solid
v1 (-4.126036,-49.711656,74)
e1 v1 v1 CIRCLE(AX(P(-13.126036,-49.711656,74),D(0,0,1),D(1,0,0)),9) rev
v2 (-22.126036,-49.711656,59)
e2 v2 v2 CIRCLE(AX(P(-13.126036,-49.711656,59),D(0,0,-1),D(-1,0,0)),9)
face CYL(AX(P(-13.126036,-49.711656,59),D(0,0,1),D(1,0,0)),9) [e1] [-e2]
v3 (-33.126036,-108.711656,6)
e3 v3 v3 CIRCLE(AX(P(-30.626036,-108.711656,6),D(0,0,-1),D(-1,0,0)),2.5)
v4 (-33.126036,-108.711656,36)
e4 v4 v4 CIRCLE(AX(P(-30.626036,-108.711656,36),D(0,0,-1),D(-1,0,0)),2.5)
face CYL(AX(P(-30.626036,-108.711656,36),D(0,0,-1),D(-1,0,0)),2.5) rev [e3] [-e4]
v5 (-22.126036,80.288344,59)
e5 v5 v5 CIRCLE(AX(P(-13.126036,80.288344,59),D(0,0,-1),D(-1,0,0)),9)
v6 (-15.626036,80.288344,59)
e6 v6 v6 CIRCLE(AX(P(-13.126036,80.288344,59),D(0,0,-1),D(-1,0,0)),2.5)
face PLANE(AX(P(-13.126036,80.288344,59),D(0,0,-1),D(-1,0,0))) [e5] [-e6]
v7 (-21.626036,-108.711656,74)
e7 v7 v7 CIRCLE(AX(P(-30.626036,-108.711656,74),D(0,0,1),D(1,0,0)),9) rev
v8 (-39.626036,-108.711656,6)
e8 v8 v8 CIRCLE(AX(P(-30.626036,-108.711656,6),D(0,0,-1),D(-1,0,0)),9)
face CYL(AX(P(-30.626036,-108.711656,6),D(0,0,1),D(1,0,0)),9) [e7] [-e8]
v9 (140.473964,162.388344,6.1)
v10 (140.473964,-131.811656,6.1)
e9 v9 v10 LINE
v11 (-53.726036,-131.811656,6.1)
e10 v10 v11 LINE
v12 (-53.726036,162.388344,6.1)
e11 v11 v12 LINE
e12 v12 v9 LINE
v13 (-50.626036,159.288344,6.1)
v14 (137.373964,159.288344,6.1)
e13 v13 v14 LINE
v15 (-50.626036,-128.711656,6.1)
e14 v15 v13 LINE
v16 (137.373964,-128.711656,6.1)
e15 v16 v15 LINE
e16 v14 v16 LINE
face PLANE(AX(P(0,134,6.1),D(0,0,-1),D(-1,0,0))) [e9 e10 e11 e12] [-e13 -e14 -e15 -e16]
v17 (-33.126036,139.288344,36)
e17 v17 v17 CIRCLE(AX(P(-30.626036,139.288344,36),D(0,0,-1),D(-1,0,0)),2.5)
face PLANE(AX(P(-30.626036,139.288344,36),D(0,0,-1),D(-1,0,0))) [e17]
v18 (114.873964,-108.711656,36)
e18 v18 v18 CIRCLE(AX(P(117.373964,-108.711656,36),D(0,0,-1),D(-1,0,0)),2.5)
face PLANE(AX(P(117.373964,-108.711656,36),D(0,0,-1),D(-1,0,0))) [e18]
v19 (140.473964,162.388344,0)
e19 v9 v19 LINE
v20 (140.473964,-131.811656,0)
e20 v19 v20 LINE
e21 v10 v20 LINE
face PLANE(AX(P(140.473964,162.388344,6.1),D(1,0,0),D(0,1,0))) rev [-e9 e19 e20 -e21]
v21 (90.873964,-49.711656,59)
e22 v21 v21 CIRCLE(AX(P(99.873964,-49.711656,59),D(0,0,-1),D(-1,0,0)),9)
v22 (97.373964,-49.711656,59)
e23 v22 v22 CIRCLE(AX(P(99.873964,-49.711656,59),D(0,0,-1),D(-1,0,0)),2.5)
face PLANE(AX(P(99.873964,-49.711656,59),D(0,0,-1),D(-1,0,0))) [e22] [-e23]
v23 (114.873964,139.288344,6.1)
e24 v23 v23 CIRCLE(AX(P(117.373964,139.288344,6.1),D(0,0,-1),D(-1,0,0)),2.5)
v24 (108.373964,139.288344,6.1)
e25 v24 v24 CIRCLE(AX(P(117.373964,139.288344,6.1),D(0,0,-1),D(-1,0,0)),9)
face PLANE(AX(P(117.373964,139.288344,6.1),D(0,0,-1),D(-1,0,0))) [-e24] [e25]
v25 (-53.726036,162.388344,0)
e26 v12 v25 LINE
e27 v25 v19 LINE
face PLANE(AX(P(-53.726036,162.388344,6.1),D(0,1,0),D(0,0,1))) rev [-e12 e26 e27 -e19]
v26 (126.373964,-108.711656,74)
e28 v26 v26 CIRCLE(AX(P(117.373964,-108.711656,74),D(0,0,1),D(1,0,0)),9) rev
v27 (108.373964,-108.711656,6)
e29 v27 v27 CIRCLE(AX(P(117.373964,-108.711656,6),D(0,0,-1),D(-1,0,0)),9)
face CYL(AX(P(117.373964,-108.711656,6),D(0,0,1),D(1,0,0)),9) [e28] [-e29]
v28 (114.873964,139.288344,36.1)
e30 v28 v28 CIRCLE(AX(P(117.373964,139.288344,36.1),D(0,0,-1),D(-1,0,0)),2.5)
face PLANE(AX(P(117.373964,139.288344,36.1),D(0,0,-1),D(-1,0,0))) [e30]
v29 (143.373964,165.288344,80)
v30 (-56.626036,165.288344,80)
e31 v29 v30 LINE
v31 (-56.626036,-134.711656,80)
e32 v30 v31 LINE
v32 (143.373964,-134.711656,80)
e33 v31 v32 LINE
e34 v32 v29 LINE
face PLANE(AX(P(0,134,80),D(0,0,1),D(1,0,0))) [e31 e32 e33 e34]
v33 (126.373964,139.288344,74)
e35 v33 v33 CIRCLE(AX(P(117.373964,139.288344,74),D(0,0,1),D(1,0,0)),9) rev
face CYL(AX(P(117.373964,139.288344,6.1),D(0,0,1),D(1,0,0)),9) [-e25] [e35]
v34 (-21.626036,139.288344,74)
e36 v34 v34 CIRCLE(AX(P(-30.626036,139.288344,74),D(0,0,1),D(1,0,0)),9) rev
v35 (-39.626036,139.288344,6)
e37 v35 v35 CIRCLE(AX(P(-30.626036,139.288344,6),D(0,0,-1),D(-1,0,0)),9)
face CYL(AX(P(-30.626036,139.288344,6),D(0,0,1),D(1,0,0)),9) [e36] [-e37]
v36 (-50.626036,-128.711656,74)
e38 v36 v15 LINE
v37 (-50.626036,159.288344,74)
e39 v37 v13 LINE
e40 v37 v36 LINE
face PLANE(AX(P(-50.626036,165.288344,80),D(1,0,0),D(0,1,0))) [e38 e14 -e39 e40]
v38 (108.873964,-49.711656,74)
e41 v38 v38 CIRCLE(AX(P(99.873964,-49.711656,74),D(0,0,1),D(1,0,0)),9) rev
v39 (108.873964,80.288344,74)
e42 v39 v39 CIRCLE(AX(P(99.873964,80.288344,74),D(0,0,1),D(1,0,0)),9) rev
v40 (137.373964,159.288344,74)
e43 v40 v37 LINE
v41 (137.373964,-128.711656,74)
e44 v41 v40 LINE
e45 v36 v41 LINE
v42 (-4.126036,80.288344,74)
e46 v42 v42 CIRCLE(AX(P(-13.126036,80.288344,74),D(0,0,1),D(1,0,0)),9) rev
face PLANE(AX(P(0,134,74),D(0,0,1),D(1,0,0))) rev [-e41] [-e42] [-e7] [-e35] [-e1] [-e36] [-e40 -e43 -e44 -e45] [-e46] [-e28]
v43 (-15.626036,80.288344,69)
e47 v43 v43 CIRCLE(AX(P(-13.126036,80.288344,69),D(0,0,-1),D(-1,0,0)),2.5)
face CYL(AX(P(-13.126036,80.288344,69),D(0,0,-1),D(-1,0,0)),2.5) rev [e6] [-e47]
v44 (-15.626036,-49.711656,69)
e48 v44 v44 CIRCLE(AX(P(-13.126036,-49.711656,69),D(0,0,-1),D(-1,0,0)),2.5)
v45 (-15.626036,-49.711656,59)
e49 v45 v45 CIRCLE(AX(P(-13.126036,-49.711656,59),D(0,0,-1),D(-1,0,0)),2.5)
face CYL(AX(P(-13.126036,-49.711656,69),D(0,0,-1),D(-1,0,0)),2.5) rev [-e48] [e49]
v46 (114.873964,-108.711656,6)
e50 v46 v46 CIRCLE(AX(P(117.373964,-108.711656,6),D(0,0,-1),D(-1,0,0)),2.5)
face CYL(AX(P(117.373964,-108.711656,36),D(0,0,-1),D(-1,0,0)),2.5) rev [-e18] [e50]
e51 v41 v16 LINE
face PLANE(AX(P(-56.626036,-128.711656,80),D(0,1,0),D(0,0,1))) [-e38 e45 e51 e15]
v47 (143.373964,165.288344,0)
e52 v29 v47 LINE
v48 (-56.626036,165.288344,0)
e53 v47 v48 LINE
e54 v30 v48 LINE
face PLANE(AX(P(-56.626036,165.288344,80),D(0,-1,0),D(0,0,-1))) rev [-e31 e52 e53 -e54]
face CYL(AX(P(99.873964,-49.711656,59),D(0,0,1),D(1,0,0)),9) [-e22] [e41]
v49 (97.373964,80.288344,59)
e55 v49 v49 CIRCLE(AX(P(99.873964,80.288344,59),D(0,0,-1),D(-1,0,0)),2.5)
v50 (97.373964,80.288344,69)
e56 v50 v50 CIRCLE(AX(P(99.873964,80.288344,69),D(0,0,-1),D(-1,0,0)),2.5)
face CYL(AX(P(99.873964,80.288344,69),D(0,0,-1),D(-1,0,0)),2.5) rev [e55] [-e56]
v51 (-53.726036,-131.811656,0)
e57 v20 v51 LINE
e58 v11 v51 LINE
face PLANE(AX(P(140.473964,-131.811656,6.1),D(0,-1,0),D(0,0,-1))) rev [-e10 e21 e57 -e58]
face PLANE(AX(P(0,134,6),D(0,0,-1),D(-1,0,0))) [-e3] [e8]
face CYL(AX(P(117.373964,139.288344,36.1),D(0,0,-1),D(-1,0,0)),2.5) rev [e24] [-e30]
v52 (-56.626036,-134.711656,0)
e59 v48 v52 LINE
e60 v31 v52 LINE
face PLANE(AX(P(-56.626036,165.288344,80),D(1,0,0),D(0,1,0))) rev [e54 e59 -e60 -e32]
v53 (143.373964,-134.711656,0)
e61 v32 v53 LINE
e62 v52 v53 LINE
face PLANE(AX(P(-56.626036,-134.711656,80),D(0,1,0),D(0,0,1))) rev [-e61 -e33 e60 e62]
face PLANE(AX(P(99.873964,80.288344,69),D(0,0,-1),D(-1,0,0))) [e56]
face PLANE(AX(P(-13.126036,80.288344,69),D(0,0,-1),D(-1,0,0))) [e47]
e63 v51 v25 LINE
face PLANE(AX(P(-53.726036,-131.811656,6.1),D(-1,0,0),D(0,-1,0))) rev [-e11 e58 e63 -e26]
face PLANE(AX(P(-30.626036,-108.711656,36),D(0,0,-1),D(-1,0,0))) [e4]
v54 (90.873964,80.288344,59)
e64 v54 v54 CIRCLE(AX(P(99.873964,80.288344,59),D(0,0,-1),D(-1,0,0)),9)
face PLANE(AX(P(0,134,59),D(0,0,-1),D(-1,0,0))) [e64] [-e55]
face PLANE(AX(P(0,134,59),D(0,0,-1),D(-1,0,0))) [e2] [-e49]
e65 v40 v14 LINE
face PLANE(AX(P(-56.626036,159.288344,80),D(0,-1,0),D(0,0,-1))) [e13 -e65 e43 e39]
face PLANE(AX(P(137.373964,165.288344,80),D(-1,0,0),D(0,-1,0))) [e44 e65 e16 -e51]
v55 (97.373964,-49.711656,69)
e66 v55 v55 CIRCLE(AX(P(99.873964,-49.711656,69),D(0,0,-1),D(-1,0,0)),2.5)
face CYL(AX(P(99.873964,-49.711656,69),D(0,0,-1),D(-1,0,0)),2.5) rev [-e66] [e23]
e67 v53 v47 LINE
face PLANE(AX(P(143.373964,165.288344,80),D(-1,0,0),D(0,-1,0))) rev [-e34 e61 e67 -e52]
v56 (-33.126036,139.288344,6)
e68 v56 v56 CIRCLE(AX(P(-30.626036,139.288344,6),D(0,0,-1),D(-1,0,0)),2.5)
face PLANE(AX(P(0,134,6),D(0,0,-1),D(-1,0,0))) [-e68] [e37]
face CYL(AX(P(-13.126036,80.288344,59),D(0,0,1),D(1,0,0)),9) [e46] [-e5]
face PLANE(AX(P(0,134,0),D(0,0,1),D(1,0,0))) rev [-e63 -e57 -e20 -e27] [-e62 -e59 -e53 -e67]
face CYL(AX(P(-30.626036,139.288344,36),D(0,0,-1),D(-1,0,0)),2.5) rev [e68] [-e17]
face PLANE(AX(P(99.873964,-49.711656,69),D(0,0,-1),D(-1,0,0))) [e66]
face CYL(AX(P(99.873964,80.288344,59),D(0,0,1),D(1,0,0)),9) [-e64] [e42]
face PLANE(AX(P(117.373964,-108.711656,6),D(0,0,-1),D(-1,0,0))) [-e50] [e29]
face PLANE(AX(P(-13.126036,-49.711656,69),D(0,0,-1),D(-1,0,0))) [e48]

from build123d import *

# Parameters (mm, degrees)
ESQUISSE1_W             = 200
ESQUISSE1_H             = 300
BOSS_EXTRU_1_DEPTH      = 80
COQUE1_T                = -6
ESQUISSE3_W             = 194.2
ESQUISSE3_H             = 294.2
ENL_V_MAT_EXTRU_2_DEPTH = 6.1
ESQUISSE4_R             = 9
BOSS_EXTRU_2_DEPTH      = 67.9
ESQUISSE5_R             = 2.5
ENL_V_MAT_EXTRU_3_DEPTH = 30
ESQUISSE4_4_R           = 9
BOSS_EXTRU_3_DEPTH      = 15
ESQUISSE6_R             = 2.5
ENL_V_MAT_EXTRU_6_DEPTH = 10
ESQUISSE8_R             = 9
BOSS_EXTRU_5_DEPTH      = 68
ESQUISSE9_R             = 2.5
ENL_V_MAT_EXTRU_8_DEPTH = 30


with BuildPart() as part:
    # Esquisse1 → Boss.-Extru.1 (new body)
    with BuildSketch(Plane.XY):
        with Locations((43.373964051, -118.711656442)):
            Rectangle(ESQUISSE1_W, ESQUISSE1_H)
    extrude(amount=BOSS_EXTRU_1_DEPTH)

    # Coque1
    coque1_openings = [part.faces().sort_by_distance(p)[0] for p in [
        (43.373964051, -118.711656442, 0),
    ]]
    offset(amount=COQUE1_T, openings=coque1_openings, kind=Kind.INTERSECTION)

    # Esquisse3 → Enlèv. mat.-Extru.2 (cut)
    with BuildSketch(Plane(origin=(0, 0, 0), x_dir=(-1, 0, 0), z_dir=(0, 0, -1))):
        with Locations((-43.373964051, -118.711656442)):
            Rectangle(ESQUISSE3_W, ESQUISSE3_H)
    extrude(amount=-ENL_V_MAT_EXTRU_2_DEPTH, mode=Mode.SUBTRACT)

    # Esquisse4 → Boss.-Extru.2 (add)
    with BuildSketch(Plane(origin=(0, 0, 74), x_dir=(-1, 0, 0), z_dir=(0, 0, -1))):
        with Locations((-117.373964051, 5.288343558)):
            Circle(ESQUISSE4_R)
    extrude(amount=BOSS_EXTRU_2_DEPTH)

    # Esquisse5 → Enlèv. mat.-Extru.3 (cut)
    with BuildSketch(Plane(origin=(0, 0, 6.1), x_dir=(-1, 0, 0), z_dir=(0, 0, -1))):
        with Locations((-117.373964051, 5.288343558)):
            Circle(ESQUISSE5_R)
    extrude(amount=-ENL_V_MAT_EXTRU_3_DEPTH, mode=Mode.SUBTRACT)

    # Esquisse4<4> → Boss.-Extru.3 (add)
    with BuildSketch(Plane(origin=(0, 0, 74), x_dir=(-1, 0, 0), z_dir=(0, 0, -1))):
        with Locations((13.126035949, -183.711656442)):
            Circle(ESQUISSE4_4_R)
        with Locations((-99.873964051, -183.711656442)):
            Circle(ESQUISSE4_4_R)
        with Locations((-99.873964051, -53.711656442)):
            Circle(ESQUISSE4_4_R)
        with Locations((13.126035949, -53.711656442)):
            Circle(ESQUISSE4_4_R)
    extrude(amount=BOSS_EXTRU_3_DEPTH)

    # Esquisse6 → Enlèv. mat.-Extru.6 (cut)
    with BuildSketch(Plane(origin=(0, 0, 59), x_dir=(-1, 0, 0), z_dir=(0, 0, -1))):
        with Locations((-99.873964051, -53.711656442)):
            Circle(ESQUISSE6_R)
        with Locations((13.126035949, -53.711656442)):
            Circle(ESQUISSE6_R)
        with Locations((-99.873964051, -183.711656442)):
            Circle(ESQUISSE6_R)
        with Locations((13.126035949, -183.711656442)):
            Circle(ESQUISSE6_R)
    extrude(amount=-ENL_V_MAT_EXTRU_6_DEPTH, mode=Mode.SUBTRACT)

    # Esquisse8 → Boss.-Extru.5 (add)
    with BuildSketch(Plane(origin=(0, 0, 74), x_dir=(-1, 0, 0), z_dir=(0, 0, -1))):
        with Locations((30.626035949, 5.288343558)):
            Circle(ESQUISSE8_R)
        with Locations((30.626035949, -242.711656442)):
            Circle(ESQUISSE8_R)
        with Locations((-117.373964051, -242.711656442)):
            Circle(ESQUISSE8_R)
    extrude(amount=BOSS_EXTRU_5_DEPTH)

    # Esquisse9 → Enlèv. mat.-Extru.8 (cut)
    with BuildSketch(Plane(origin=(0, 0, 6), x_dir=(-1, 0, 0), z_dir=(0, 0, -1))):
        with Locations((30.626035949, 5.288343558)):
            Circle(ESQUISSE9_R)
        with Locations((30.626035949, -242.711656442)):
            Circle(ESQUISSE9_R)
        with Locations((-117.373964051, -242.711656442)):
            Circle(ESQUISSE9_R)
    extrude(amount=-ENL_V_MAT_EXTRU_8_DEPTH, mode=Mode.SUBTRACT)


with BuildPart() as part_1:
    # Corps-Déplacer/Copier1: moved
    add(part.part.moved(Location((0, 114, 0))))


with BuildPart() as part_2:
    # Corps-Déplacer/Copier2: moved
    add(part_1.part.moved(Location((0, 20, 0))))


solid = part_2.part
